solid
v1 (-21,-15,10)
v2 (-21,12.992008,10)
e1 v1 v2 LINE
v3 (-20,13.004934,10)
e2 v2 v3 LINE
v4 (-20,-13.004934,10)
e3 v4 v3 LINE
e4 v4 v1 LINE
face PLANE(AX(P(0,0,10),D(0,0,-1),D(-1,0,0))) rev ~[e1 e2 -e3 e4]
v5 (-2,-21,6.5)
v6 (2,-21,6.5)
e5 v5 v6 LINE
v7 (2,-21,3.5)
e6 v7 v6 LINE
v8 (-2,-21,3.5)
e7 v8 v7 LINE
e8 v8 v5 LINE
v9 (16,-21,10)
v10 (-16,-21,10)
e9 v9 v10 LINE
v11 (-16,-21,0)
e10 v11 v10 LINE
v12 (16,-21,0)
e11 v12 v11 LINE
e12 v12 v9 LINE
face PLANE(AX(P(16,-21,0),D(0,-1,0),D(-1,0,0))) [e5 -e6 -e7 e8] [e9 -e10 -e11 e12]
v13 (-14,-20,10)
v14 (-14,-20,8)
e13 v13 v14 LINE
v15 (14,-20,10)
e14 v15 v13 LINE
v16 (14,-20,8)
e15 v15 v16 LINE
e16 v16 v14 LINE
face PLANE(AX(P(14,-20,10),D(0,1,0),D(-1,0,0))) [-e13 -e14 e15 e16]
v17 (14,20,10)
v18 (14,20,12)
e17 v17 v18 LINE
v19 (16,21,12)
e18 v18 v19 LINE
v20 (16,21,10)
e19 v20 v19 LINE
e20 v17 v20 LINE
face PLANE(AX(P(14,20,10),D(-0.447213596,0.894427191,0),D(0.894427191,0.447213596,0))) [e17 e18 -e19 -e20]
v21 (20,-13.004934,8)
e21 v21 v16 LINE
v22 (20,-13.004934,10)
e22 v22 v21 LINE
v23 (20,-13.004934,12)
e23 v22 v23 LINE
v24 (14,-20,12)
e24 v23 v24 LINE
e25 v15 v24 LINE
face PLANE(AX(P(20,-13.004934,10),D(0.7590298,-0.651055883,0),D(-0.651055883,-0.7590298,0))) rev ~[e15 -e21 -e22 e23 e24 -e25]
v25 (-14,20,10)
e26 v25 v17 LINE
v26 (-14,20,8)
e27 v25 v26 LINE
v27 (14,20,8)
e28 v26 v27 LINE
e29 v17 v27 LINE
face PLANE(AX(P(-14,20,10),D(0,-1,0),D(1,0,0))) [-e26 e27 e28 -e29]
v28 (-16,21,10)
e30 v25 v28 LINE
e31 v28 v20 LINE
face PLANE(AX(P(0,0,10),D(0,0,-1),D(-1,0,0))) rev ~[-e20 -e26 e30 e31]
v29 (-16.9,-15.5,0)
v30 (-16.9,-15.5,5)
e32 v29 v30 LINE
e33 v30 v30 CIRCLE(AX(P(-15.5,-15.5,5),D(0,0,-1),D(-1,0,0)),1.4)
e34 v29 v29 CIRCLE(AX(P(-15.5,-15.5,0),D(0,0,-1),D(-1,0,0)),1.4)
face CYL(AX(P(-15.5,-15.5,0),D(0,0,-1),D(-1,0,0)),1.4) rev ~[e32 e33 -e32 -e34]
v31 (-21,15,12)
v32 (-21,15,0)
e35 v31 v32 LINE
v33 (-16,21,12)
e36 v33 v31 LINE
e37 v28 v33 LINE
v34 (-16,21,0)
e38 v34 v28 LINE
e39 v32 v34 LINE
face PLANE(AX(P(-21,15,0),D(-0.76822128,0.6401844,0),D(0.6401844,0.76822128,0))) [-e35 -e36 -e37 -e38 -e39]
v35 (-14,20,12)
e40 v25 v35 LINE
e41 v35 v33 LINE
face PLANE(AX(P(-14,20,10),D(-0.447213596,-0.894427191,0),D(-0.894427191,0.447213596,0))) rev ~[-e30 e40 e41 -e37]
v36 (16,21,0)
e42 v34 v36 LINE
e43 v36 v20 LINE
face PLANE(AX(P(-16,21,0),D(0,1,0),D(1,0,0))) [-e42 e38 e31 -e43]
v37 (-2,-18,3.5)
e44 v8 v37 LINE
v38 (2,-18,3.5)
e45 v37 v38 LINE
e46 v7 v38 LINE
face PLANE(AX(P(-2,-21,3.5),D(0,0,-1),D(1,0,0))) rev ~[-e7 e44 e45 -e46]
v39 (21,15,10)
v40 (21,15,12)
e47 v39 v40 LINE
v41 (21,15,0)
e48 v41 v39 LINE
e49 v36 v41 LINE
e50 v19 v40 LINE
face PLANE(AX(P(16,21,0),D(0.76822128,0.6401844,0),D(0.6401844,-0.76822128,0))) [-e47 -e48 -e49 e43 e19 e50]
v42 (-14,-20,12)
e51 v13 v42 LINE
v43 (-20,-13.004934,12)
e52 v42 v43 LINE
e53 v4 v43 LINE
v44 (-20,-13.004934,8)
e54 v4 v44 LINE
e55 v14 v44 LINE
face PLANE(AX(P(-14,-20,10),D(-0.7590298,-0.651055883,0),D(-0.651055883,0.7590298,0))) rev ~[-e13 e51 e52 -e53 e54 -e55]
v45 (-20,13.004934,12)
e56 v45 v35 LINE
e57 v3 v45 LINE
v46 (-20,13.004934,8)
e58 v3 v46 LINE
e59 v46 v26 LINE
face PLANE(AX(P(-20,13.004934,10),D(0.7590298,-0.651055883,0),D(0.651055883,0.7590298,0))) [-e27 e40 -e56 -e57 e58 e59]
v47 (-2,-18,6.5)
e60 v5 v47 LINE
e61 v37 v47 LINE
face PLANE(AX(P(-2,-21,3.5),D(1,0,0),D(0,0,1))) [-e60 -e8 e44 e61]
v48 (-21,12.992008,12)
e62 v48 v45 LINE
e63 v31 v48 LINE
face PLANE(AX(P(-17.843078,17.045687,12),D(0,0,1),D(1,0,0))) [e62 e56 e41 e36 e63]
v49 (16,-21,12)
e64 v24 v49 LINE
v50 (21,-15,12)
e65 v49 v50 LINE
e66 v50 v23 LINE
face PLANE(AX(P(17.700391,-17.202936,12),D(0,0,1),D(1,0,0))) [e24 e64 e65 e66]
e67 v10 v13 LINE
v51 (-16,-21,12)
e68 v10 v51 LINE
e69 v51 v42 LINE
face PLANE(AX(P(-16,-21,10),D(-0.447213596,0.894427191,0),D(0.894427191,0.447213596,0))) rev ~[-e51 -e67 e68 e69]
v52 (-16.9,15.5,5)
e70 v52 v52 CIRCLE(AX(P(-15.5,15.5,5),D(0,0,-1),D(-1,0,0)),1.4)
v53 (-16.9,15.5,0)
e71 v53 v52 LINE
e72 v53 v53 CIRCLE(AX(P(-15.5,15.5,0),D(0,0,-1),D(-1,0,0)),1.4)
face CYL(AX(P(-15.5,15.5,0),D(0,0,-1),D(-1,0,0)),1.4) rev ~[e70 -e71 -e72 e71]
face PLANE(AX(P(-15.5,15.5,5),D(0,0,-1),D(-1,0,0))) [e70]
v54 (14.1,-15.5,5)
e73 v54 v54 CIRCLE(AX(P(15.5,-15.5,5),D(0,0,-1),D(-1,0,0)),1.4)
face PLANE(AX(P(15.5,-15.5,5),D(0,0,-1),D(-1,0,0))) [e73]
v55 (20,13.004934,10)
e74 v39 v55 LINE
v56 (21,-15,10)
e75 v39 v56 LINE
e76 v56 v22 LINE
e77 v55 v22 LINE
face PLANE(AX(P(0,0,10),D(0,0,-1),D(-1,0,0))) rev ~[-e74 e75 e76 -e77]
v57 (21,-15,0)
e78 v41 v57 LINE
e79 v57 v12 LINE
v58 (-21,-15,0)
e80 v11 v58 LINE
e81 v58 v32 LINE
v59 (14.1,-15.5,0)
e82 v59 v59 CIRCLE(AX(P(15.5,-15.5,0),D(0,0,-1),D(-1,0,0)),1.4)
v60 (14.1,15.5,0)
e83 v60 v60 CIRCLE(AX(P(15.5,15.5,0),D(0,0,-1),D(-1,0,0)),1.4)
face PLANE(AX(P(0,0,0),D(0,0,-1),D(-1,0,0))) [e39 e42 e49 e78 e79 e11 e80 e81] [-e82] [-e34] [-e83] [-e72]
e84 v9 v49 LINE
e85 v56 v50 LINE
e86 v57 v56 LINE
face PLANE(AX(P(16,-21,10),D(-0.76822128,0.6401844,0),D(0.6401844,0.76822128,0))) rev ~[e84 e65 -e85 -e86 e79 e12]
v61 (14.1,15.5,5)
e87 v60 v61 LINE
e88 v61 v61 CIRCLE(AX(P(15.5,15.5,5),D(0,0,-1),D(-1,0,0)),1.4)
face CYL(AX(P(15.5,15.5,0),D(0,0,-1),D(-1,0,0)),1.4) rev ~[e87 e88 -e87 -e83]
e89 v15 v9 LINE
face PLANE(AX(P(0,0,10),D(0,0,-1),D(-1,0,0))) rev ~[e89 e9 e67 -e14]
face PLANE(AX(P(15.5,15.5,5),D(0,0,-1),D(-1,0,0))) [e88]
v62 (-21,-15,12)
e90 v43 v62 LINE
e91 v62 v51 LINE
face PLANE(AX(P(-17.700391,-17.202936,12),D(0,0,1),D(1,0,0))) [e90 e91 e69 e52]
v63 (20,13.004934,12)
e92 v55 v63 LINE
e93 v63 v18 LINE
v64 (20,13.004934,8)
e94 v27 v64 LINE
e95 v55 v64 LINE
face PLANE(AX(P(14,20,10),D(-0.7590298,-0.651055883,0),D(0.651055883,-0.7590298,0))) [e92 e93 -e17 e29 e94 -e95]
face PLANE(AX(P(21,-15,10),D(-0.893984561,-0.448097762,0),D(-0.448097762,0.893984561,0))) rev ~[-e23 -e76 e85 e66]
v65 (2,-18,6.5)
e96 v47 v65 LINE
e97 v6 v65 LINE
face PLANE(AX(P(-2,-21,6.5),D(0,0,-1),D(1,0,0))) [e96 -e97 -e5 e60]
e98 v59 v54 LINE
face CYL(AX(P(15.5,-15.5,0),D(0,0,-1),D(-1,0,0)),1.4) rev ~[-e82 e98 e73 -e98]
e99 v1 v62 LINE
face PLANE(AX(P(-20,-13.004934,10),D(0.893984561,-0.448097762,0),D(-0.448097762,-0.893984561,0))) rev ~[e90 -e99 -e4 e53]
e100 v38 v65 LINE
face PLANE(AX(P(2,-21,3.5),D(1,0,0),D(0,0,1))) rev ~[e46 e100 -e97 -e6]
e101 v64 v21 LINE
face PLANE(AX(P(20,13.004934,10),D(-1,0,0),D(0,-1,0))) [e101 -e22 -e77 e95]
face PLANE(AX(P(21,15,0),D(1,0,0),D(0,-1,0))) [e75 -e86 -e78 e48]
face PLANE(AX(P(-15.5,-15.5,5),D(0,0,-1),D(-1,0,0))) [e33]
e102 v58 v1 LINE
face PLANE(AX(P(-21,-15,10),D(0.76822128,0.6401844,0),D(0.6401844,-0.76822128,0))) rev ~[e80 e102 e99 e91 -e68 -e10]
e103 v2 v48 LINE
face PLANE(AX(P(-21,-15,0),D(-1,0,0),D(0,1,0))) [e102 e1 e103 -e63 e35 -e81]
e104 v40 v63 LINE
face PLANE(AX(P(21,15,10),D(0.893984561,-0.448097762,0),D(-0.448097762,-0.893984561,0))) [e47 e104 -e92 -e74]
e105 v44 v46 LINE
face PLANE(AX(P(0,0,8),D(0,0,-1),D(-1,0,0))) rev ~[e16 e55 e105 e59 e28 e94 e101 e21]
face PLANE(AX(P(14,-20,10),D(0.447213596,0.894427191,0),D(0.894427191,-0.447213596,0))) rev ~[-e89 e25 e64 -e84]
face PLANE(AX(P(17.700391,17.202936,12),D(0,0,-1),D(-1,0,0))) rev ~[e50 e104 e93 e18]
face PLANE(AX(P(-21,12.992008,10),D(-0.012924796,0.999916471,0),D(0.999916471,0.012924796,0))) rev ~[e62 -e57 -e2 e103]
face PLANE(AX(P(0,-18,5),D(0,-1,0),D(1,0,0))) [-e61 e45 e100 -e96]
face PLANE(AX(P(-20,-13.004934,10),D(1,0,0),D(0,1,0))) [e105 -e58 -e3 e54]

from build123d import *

# Parameters (mm, degrees)
SALIENTE_EXTRUIR1_DEPTH = 10
CORTAR_EXTRUIR1_DEPTH   = 2
SALIENTE_EXTRUIR2_DEPTH = 2
CROQUIS5_W              = 4
CROQUIS5_H              = 3
CORTAR_EXTRUIR2_DEPTH   = 3
CROQUIS6_R              = 1.4
CORTAR_EXTRUIR3_DEPTH   = 5


with BuildPart() as part:
    # Croquis2 → Saliente-Extruir1 (new body)
    with BuildSketch(Plane.XY):
        Polygon((-16, 21), (16, 21), (21, 15), (21, -15), (16, -21), (-16, -21), (-21, -15), (-21, 15), align=None)
    extrude(amount=SALIENTE_EXTRUIR1_DEPTH)

    # Croquis3 → Cortar-Extruir1 (cut)
    with BuildSketch(Plane.XY.offset(10)):
        Polygon((-14, 20), (14, 20), (20, 13.004934109), (20, -13.004934109), (14, -20), (-14, -20), (-20, -13.004934109), (-20, 13.004934109), align=None)
    extrude(amount=-CORTAR_EXTRUIR1_DEPTH, mode=Mode.SUBTRACT)

    # Croquis4 → Saliente-Extruir2 (add)
    with BuildSketch(Plane.XY.offset(10)):
        Polygon((-16, -21), (-14, -20), (-20, -13.004934109), (-21, -15), align=None)
        Polygon((-20, 13.004934109), (-14, 20), (-16, 21), (-21, 15), (-21, 12.992008233), align=None)
        Polygon((16, 21), (21, 15), (20, 13.004934109), (14, 20), align=None)
        Polygon((16, -21), (21, -15), (20, -13.004934109), (14, -20), align=None)
    extrude(amount=SALIENTE_EXTRUIR2_DEPTH)

    # Croquis5 → Cortar-Extruir2 (cut)
    with BuildSketch(Plane.XZ.offset(21)):
        with Locations((0, 5)):
            Rectangle(CROQUIS5_W, CROQUIS5_H)
    extrude(amount=-CORTAR_EXTRUIR2_DEPTH, mode=Mode.SUBTRACT)

    # Croquis6 → Cortar-Extruir3 (cut)
    with BuildSketch(Plane(origin=(0, 0, 0), x_dir=(-1, 0, 0), z_dir=(0, 0, -1))):
        with Locations((15.5, 15.5)):
            Circle(CROQUIS6_R)
        with Locations((-15.5, 15.5)):
            Circle(CROQUIS6_R)
        with Locations((15.5, -15.5)):
            Circle(CROQUIS6_R)
        with Locations((-15.5, -15.5)):
            Circle(CROQUIS6_R)
    extrude(amount=-CORTAR_EXTRUIR3_DEPTH, mode=Mode.SUBTRACT)


solid = part.part
